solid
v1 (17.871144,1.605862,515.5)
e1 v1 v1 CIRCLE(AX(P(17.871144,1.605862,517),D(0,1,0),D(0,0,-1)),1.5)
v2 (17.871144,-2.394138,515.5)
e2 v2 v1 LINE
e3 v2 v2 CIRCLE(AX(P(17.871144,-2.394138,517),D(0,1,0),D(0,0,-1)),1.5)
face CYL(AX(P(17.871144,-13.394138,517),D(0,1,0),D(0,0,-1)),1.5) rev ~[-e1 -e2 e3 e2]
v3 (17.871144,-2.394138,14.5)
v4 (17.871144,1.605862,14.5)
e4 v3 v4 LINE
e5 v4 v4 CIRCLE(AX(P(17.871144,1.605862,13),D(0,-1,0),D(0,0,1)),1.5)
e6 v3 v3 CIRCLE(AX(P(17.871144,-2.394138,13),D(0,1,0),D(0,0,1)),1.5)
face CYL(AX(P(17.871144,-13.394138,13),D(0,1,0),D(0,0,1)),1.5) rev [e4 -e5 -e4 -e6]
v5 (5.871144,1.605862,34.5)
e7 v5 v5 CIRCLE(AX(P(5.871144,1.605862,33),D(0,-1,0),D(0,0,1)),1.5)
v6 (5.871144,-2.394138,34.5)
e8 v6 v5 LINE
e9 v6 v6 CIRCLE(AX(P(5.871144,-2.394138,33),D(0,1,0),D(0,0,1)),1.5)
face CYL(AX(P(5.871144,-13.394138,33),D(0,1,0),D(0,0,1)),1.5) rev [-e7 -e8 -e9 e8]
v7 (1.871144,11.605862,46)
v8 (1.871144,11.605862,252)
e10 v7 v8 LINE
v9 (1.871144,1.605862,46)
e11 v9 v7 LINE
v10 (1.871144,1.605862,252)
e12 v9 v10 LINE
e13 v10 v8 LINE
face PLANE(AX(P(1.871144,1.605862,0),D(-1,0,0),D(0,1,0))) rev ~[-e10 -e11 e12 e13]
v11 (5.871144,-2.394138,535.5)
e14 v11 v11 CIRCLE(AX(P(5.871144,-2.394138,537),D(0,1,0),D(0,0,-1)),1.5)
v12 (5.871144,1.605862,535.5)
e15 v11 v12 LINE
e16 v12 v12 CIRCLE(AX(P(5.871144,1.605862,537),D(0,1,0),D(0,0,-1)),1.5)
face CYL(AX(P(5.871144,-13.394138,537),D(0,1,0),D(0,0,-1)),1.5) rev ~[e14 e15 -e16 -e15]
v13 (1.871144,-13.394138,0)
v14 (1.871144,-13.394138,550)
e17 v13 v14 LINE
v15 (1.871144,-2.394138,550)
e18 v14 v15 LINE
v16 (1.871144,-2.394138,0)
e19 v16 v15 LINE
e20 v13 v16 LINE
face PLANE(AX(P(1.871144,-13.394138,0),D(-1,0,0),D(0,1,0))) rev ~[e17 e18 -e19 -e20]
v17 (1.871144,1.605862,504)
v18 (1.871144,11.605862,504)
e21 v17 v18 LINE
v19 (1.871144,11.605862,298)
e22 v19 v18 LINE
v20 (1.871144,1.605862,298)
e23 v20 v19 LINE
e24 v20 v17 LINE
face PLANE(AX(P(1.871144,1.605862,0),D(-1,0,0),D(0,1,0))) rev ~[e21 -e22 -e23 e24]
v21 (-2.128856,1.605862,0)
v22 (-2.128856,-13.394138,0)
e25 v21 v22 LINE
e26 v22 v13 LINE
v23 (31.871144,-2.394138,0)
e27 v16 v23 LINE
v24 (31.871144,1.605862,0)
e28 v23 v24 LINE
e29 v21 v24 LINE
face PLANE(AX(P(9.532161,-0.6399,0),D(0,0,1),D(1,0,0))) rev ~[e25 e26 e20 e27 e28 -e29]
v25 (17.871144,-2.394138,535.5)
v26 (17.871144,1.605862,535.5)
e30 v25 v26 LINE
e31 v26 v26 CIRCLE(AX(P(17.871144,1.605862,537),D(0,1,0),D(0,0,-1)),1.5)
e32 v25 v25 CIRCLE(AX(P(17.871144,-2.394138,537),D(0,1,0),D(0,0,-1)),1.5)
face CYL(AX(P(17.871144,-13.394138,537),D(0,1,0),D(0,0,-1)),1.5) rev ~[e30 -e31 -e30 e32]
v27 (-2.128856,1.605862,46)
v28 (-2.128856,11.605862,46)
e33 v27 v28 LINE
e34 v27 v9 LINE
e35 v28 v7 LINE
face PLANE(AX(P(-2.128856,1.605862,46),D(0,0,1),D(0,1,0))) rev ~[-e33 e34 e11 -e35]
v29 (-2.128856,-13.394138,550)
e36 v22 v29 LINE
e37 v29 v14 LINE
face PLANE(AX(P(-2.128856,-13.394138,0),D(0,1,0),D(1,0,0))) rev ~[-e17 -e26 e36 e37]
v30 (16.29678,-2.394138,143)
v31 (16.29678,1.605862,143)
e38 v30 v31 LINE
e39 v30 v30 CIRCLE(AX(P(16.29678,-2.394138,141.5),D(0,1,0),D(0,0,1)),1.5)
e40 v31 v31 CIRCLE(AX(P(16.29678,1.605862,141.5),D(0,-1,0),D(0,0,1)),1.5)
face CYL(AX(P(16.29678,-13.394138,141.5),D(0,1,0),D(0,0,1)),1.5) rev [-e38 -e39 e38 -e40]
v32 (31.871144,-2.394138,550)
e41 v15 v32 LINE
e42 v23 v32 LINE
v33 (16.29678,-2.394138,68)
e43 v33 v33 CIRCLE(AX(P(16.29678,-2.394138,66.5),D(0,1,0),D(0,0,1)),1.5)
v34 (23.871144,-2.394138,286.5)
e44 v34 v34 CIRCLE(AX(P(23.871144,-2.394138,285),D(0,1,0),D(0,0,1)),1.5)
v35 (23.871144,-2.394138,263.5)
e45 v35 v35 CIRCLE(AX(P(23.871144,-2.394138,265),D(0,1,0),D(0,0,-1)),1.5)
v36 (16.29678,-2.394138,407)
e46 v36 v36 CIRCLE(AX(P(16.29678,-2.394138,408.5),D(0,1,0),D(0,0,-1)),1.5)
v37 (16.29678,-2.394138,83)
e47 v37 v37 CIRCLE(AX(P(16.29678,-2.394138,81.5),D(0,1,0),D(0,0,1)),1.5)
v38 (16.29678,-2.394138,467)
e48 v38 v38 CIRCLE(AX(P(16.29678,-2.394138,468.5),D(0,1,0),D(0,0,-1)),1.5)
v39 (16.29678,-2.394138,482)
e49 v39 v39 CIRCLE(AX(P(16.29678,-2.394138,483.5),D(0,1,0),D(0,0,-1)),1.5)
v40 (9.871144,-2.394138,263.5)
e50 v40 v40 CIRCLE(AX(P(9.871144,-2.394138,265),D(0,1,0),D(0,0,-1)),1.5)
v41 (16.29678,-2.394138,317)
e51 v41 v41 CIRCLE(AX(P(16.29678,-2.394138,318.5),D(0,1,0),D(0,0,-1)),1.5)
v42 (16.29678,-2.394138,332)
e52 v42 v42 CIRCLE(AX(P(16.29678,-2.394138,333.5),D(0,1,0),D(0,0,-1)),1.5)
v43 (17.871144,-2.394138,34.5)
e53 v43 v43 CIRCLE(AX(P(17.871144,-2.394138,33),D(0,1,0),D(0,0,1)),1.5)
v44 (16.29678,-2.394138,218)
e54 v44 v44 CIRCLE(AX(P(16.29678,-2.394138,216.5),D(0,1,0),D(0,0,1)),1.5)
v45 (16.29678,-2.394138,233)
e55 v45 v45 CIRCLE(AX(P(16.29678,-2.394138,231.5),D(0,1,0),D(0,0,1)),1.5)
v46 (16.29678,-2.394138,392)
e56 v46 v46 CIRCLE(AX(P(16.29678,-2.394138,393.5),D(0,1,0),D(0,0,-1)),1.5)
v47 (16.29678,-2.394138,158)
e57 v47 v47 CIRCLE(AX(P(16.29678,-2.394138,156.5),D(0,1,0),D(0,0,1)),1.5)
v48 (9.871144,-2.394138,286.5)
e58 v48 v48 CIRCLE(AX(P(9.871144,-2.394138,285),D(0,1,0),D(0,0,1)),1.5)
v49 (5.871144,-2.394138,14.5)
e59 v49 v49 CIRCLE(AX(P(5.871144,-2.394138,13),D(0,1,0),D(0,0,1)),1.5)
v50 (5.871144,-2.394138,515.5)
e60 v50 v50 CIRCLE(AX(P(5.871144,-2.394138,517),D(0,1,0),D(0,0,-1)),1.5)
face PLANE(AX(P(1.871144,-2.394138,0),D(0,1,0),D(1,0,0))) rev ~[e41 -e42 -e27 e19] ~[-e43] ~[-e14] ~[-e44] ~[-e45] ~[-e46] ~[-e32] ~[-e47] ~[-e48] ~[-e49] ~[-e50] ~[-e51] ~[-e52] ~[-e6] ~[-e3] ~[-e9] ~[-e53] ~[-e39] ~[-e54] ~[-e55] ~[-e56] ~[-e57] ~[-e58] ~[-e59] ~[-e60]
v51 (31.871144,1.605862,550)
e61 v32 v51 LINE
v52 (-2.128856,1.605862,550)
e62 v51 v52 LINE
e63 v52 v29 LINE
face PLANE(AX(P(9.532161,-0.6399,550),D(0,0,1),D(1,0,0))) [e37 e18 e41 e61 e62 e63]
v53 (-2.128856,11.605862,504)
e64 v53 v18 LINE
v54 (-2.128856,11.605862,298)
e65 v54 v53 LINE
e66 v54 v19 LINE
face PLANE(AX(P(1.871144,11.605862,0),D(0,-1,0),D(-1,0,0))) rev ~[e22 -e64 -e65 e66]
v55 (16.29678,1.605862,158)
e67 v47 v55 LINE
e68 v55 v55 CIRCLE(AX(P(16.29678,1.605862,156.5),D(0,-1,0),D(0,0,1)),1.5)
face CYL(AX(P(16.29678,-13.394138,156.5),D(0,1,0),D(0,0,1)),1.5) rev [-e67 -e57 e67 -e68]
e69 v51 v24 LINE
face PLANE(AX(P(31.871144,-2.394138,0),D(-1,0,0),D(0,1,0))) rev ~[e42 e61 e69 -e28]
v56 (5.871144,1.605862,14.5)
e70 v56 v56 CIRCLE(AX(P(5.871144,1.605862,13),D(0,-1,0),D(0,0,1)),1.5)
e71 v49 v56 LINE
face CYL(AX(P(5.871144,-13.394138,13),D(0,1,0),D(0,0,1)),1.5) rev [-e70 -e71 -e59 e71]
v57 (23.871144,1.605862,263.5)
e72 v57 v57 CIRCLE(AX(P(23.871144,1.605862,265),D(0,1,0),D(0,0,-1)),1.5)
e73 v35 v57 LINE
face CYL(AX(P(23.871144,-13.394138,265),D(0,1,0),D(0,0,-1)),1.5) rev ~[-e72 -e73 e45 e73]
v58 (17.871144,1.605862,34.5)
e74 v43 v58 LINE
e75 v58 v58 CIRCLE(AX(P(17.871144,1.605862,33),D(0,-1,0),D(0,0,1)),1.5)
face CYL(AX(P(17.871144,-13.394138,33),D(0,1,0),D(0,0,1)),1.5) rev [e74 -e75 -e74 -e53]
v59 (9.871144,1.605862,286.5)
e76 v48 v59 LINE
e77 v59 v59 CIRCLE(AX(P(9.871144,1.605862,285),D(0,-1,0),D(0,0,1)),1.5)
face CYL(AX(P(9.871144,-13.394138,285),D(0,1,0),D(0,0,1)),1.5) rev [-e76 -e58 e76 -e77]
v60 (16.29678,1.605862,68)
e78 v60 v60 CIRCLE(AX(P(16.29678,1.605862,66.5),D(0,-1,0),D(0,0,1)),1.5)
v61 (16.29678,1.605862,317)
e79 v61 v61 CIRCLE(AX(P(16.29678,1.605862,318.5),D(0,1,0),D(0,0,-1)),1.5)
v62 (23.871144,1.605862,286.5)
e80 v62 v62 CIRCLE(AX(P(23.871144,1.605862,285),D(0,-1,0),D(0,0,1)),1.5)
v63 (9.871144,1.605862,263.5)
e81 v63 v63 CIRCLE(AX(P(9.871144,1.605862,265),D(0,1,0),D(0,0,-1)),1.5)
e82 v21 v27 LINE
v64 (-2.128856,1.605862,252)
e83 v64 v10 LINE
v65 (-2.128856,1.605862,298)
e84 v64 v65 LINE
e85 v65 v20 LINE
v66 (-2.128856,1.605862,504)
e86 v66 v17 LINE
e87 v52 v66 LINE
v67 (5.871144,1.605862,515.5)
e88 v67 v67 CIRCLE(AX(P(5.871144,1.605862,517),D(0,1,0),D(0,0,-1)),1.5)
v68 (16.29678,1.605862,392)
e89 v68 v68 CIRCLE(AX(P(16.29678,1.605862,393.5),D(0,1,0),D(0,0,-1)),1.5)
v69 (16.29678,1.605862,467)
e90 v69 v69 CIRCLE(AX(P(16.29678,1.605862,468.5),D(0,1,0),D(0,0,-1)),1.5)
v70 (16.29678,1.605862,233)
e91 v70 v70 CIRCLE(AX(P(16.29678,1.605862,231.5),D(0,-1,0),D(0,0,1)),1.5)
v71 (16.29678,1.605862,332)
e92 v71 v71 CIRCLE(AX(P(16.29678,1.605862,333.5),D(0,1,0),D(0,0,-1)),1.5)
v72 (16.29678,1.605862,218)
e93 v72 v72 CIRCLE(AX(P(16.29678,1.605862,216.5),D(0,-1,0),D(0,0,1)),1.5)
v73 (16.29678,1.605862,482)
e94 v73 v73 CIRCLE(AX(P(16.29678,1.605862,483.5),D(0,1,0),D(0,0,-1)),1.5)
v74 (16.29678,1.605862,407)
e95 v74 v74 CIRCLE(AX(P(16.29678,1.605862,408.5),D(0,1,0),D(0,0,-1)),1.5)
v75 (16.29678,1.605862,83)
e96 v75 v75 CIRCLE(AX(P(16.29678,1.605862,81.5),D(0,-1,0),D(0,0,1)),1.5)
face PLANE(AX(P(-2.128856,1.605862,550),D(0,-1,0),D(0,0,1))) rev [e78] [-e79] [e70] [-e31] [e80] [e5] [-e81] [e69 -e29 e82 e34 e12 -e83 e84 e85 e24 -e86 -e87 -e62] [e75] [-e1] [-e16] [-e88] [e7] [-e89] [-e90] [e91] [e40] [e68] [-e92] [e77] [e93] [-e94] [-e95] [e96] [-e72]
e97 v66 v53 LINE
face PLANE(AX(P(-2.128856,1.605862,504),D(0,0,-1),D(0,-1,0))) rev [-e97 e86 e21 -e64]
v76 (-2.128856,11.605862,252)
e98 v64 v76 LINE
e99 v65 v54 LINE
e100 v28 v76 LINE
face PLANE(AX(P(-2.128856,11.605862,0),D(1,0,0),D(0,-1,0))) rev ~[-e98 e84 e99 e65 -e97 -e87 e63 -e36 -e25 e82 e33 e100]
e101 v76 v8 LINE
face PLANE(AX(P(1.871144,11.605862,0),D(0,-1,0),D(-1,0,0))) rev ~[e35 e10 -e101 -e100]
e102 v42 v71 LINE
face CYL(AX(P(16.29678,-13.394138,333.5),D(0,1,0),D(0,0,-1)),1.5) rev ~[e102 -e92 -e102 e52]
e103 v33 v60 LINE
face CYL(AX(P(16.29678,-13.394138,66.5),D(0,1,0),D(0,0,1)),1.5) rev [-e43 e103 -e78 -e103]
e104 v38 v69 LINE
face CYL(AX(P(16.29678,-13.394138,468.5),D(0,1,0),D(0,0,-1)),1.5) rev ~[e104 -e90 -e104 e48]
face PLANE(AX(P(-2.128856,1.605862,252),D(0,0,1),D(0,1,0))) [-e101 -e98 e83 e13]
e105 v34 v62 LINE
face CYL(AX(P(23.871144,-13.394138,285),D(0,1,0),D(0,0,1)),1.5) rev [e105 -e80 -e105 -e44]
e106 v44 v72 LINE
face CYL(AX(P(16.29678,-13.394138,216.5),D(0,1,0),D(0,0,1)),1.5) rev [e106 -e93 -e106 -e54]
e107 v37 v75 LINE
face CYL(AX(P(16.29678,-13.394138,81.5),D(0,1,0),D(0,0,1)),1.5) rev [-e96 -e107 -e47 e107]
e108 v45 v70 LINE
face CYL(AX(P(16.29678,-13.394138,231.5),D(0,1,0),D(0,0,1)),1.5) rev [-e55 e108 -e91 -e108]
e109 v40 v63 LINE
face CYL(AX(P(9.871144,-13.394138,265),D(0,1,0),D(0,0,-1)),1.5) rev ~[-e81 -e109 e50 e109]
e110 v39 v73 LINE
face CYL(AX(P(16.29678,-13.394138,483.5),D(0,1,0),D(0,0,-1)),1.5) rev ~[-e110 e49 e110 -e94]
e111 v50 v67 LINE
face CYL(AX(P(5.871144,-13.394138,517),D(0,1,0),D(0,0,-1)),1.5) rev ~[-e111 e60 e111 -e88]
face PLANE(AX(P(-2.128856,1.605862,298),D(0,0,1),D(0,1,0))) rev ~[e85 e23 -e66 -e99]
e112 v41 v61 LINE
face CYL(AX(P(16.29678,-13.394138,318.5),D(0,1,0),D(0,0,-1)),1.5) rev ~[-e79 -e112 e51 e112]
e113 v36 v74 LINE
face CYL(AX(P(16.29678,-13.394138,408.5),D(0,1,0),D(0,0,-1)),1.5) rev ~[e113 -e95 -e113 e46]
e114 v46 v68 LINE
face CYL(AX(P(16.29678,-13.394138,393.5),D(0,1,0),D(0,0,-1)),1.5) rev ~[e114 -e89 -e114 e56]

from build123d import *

# Parameters (mm, degrees)
BOSS_EXTRUDE1_DEPTH            = 550
SKETCH2_W                      = 46
SKETCH2_H                      = 10
CUT_EXTRUDE1_DEPTH             = 35
SKETCH3_W                      = 46
SKETCH3_H                      = 10
CUT_EXTRUDE2_DEPTH             = 35
F_3_0MM_DOWEL_HOLE1_AT_2_COUNT = 2
F_3_0MM_DOWEL_HOLE1_AT_2_PITCH = 12
F_3_0MM_DOWEL_HOLE1_AT_3_COUNT = 2
F_3_0MM_DOWEL_HOLE1_AT_3_PITCH = 23.323807579
F_3_0MM_DOWEL_HOLE1_AT_4_COUNT = 2
F_3_0MM_DOWEL_HOLE1_AT_4_PITCH = 20
F_3_0MM_DOWEL_HOLE2_AT_2_COUNT = 2
F_3_0MM_DOWEL_HOLE2_AT_2_PITCH = 14
F_3_0MM_DOWEL_HOLE3_AT_2_COUNT = 2
F_3_0MM_DOWEL_HOLE3_AT_2_PITCH = 15
F_3_0MM_DOWEL_HOLE3_AT_3_COUNT = 2
F_3_0MM_DOWEL_HOLE3_AT_3_PITCH = 75
F_3_0MM_DOWEL_HOLE3_AT_4_COUNT = 2
F_3_0MM_DOWEL_HOLE3_AT_4_PITCH = 90
F_3_0MM_DOWEL_HOLE3_AT_5_COUNT = 2
F_3_0MM_DOWEL_HOLE3_AT_5_PITCH = 150
F_3_0MM_DOWEL_HOLE3_AT_6_COUNT = 2
F_3_0MM_DOWEL_HOLE3_AT_6_PITCH = 165


with BuildPart() as part:
    # Sketch1 → Boss-Extrude1 (new body)
    with BuildSketch(Plane.XY):
        Polygon((-2.128855562, -13.394137553), (1.871144438, -13.394137553), (1.871144438, -2.394137553), (31.871144438, -2.394137553), (31.871144438, 1.605862447), (1.871144438, 1.605862447), (1.871144438, 11.605862447), (-2.128855562, 11.605862447), align=None)
    extrude(amount=BOSS_EXTRUDE1_DEPTH)

    # Sketch2 → Cut-Extrude1 (cut, through all)
    with BuildSketch(Plane.ZY.offset(2.128855562)):
        with Locations((23, 6.605862447)):
            Rectangle(SKETCH2_W, SKETCH2_H)
    cut_extrude1 = extrude(amount=-CUT_EXTRUDE1_DEPTH, mode=Mode.SUBTRACT)

    # Sketch3 → Cut-Extrude2 (cut, through all)
    with BuildSketch(Plane.ZY.offset(2.128855562)):
        with Locations((275, 6.605862447)):
            Rectangle(SKETCH3_W, SKETCH3_H)
    extrude(amount=-CUT_EXTRUDE2_DEPTH, mode=Mode.SUBTRACT)

    # Sketch6 → Ø3.0mm Dowel Hole1 (revolve, cut)
    with BuildSketch(Plane(origin=(17.871144438, 1.605862447, 13), x_dir=(0, 0, 1), z_dir=(1, 0, 0))):
        Polygon((0, 0), (0, 15.901290929), (1.5, 15), (1.5, 0), align=None)
    f_3_0mm_dowel_hole1 = revolve(axis=Axis((17.871144438, 7.955862447, 13), (0, -1, 0)), mode=Mode.SUBTRACT)

    # Ø3.0mm Dowel Hole1 at 2: Ø3.0mm Dowel Hole1 ×2
    with Locations(*[(-i * F_3_0MM_DOWEL_HOLE1_AT_2_PITCH, 0, 0) for i in range(1, F_3_0MM_DOWEL_HOLE1_AT_2_COUNT)]):
        add(f_3_0mm_dowel_hole1, mode=Mode.SUBTRACT)

    # Ø3.0mm Dowel Hole1 at 3: Ø3.0mm Dowel Hole1 ×2
    with Locations(*[Vector(-0.514495755, 0, 0.857492926) * (i * F_3_0MM_DOWEL_HOLE1_AT_3_PITCH) for i in range(1, F_3_0MM_DOWEL_HOLE1_AT_3_COUNT)]):
        add(f_3_0mm_dowel_hole1, mode=Mode.SUBTRACT)

    # Ø3.0mm Dowel Hole1 at 4: Ø3.0mm Dowel Hole1 ×2
    with Locations(*[(0, 0, i * F_3_0MM_DOWEL_HOLE1_AT_4_PITCH) for i in range(1, F_3_0MM_DOWEL_HOLE1_AT_4_COUNT)]):
        add(f_3_0mm_dowel_hole1, mode=Mode.SUBTRACT)

    # Mirror2: Cut-Extrude1, Ø3.0mm Dowel Hole1 across plane
    add(cut_extrude1.mirror(Plane.XY.offset(275)), mode=Mode.SUBTRACT)
    add(f_3_0mm_dowel_hole1.mirror(Plane.XY.offset(275)), mode=Mode.SUBTRACT)

    # Mirror2 copy 1 sketch → Mirror2 copy 1 (revolve, cut)
    with BuildSketch(Plane(origin=(5.871144438, 1.605862447, 537), x_dir=(0, 0, -1), z_dir=(1, 0, 0))):
        Polygon((0, 0), (0, -15.901290929), (1.5, -15), (1.5, 0), align=None)
    revolve(axis=Axis((5.871144438, 7.955862447, 537), (0, 1, 0)), mode=Mode.SUBTRACT)

    # Mirror2 copy 2 sketch → Mirror2 copy 2 (revolve, cut)
    with BuildSketch(Plane(origin=(5.871144438, 1.605862447, 517), x_dir=(0, 0, -1), z_dir=(1, 0, 0))):
        Polygon((0, 0), (0, -15.901290929), (1.5, -15), (1.5, 0), align=None)
    revolve(axis=Axis((5.871144438, 7.955862447, 517), (0, 1, 0)), mode=Mode.SUBTRACT)

    # Mirror2 copy 3 sketch → Mirror2 copy 3 (revolve, cut)
    with BuildSketch(Plane(origin=(17.871144438, 1.605862447, 517), x_dir=(0, 0, -1), z_dir=(1, 0, 0))):
        Polygon((0, 0), (0, -15.901290929), (1.5, -15), (1.5, 0), align=None)
    revolve(axis=Axis((17.871144438, 7.955862447, 517), (0, 1, 0)), mode=Mode.SUBTRACT)

    # Sketch10 → Ø3.0mm Dowel Hole2 (revolve, cut)
    with BuildSketch(Plane(origin=(23.871144438, 1.605862447, 285), x_dir=(0, 0, 1), z_dir=(1, 0, 0))):
        Polygon((0, 0), (0, 15.901290929), (1.5, 15), (1.5, 0), align=None)
    f_3_0mm_dowel_hole2 = revolve(axis=Axis((23.871144438, 7.955862447, 285), (0, -1, 0)), mode=Mode.SUBTRACT)

    # Ø3.0mm Dowel Hole2 at 2: Ø3.0mm Dowel Hole2 ×2
    with Locations(*[(-i * F_3_0MM_DOWEL_HOLE2_AT_2_PITCH, 0, 0) for i in range(1, F_3_0MM_DOWEL_HOLE2_AT_2_COUNT)]):
        add(f_3_0mm_dowel_hole2, mode=Mode.SUBTRACT)

    # Mirror3: Ø3.0mm Dowel Hole2 across plane
    add(f_3_0mm_dowel_hole2.mirror(Plane.XY.offset(275)), mode=Mode.SUBTRACT)

    # Mirror3 copy 1 sketch → Mirror3 copy 1 (revolve, cut)
    with BuildSketch(Plane(origin=(9.871144438, 1.605862447, 265), x_dir=(0, 0, -1), z_dir=(1, 0, 0))):
        Polygon((0, 0), (0, -15.901290929), (1.5, -15), (1.5, 0), align=None)
    revolve(axis=Axis((9.871144438, 7.955862447, 265), (0, 1, 0)), mode=Mode.SUBTRACT)

    # Sketch14 → Ø3.0mm Dowel Hole3 (revolve, cut)
    with BuildSketch(Plane(origin=(16.296779724, 1.605862447, 231.5), x_dir=(0, 0, 1), z_dir=(1, 0, 0))):
        Polygon((0, 0), (0, 15.901290929), (1.5, 15), (1.5, 0), align=None)
    f_3_0mm_dowel_hole3 = revolve(axis=Axis((16.296779724, 7.955862447, 231.5), (0, -1, 0)), mode=Mode.SUBTRACT)

    # Ø3.0mm Dowel Hole3 at 2: Ø3.0mm Dowel Hole3 ×2
    with Locations(*[(0, 0, -i * F_3_0MM_DOWEL_HOLE3_AT_2_PITCH) for i in range(1, F_3_0MM_DOWEL_HOLE3_AT_2_COUNT)]):
        add(f_3_0mm_dowel_hole3, mode=Mode.SUBTRACT)

    # Ø3.0mm Dowel Hole3 at 3: Ø3.0mm Dowel Hole3 ×2
    with Locations(*[(0, 0, -i * F_3_0MM_DOWEL_HOLE3_AT_3_PITCH) for i in range(1, F_3_0MM_DOWEL_HOLE3_AT_3_COUNT)]):
        add(f_3_0mm_dowel_hole3, mode=Mode.SUBTRACT)

    # Ø3.0mm Dowel Hole3 at 4: Ø3.0mm Dowel Hole3 ×2
    with Locations(*[(0, 0, -i * F_3_0MM_DOWEL_HOLE3_AT_4_PITCH) for i in range(1, F_3_0MM_DOWEL_HOLE3_AT_4_COUNT)]):
        add(f_3_0mm_dowel_hole3, mode=Mode.SUBTRACT)

    # Ø3.0mm Dowel Hole3 at 5: Ø3.0mm Dowel Hole3 ×2
    with Locations(*[(0, 0, -i * F_3_0MM_DOWEL_HOLE3_AT_5_PITCH) for i in range(1, F_3_0MM_DOWEL_HOLE3_AT_5_COUNT)]):
        add(f_3_0mm_dowel_hole3, mode=Mode.SUBTRACT)

    # Ø3.0mm Dowel Hole3 at 6: Ø3.0mm Dowel Hole3 ×2
    with Locations(*[(0, 0, -i * F_3_0MM_DOWEL_HOLE3_AT_6_PITCH) for i in range(1, F_3_0MM_DOWEL_HOLE3_AT_6_COUNT)]):
        add(f_3_0mm_dowel_hole3, mode=Mode.SUBTRACT)

    # Mirror4: Ø3.0mm Dowel Hole3 across plane
    add(f_3_0mm_dowel_hole3.mirror(Plane.XY.offset(275)), mode=Mode.SUBTRACT)

    # Mirror4 copy 1 sketch → Mirror4 copy 1 (revolve, cut)
    with BuildSketch(Plane(origin=(16.296779724, 1.605862447, 333.5), x_dir=(0, 0, -1), z_dir=(1, 0, 0))):
        Polygon((0, 0), (0, -15.901290929), (1.5, -15), (1.5, 0), align=None)
    revolve(axis=Axis((16.296779724, 7.955862447, 333.5), (0, 1, 0)), mode=Mode.SUBTRACT)

    # Mirror4 copy 2 sketch → Mirror4 copy 2 (revolve, cut)
    with BuildSketch(Plane(origin=(16.296779724, 1.605862447, 393.5), x_dir=(0, 0, -1), z_dir=(1, 0, 0))):
        Polygon((0, 0), (0, -15.901290929), (1.5, -15), (1.5, 0), align=None)
    revolve(axis=Axis((16.296779724, 7.955862447, 393.5), (0, 1, 0)), mode=Mode.SUBTRACT)

    # Mirror4 copy 3 sketch → Mirror4 copy 3 (revolve, cut)
    with BuildSketch(Plane(origin=(16.296779724, 1.605862447, 408.5), x_dir=(0, 0, -1), z_dir=(1, 0, 0))):
        Polygon((0, 0), (0, -15.901290929), (1.5, -15), (1.5, 0), align=None)
    revolve(axis=Axis((16.296779724, 7.955862447, 408.5), (0, 1, 0)), mode=Mode.SUBTRACT)

    # Mirror4 copy 4 sketch → Mirror4 copy 4 (revolve, cut)
    with BuildSketch(Plane(origin=(16.296779724, 1.605862447, 468.5), x_dir=(0, 0, -1), z_dir=(1, 0, 0))):
        Polygon((0, 0), (0, -15.901290929), (1.5, -15), (1.5, 0), align=None)
    revolve(axis=Axis((16.296779724, 7.955862447, 468.5), (0, 1, 0)), mode=Mode.SUBTRACT)

    # Mirror4 copy 5 sketch → Mirror4 copy 5 (revolve, cut)
    with BuildSketch(Plane(origin=(16.296779724, 1.605862447, 483.5), x_dir=(0, 0, -1), z_dir=(1, 0, 0))):
        Polygon((0, 0), (0, -15.901290929), (1.5, -15), (1.5, 0), align=None)
    revolve(axis=Axis((16.296779724, 7.955862447, 483.5), (0, 1, 0)), mode=Mode.SUBTRACT)


solid = part.part
